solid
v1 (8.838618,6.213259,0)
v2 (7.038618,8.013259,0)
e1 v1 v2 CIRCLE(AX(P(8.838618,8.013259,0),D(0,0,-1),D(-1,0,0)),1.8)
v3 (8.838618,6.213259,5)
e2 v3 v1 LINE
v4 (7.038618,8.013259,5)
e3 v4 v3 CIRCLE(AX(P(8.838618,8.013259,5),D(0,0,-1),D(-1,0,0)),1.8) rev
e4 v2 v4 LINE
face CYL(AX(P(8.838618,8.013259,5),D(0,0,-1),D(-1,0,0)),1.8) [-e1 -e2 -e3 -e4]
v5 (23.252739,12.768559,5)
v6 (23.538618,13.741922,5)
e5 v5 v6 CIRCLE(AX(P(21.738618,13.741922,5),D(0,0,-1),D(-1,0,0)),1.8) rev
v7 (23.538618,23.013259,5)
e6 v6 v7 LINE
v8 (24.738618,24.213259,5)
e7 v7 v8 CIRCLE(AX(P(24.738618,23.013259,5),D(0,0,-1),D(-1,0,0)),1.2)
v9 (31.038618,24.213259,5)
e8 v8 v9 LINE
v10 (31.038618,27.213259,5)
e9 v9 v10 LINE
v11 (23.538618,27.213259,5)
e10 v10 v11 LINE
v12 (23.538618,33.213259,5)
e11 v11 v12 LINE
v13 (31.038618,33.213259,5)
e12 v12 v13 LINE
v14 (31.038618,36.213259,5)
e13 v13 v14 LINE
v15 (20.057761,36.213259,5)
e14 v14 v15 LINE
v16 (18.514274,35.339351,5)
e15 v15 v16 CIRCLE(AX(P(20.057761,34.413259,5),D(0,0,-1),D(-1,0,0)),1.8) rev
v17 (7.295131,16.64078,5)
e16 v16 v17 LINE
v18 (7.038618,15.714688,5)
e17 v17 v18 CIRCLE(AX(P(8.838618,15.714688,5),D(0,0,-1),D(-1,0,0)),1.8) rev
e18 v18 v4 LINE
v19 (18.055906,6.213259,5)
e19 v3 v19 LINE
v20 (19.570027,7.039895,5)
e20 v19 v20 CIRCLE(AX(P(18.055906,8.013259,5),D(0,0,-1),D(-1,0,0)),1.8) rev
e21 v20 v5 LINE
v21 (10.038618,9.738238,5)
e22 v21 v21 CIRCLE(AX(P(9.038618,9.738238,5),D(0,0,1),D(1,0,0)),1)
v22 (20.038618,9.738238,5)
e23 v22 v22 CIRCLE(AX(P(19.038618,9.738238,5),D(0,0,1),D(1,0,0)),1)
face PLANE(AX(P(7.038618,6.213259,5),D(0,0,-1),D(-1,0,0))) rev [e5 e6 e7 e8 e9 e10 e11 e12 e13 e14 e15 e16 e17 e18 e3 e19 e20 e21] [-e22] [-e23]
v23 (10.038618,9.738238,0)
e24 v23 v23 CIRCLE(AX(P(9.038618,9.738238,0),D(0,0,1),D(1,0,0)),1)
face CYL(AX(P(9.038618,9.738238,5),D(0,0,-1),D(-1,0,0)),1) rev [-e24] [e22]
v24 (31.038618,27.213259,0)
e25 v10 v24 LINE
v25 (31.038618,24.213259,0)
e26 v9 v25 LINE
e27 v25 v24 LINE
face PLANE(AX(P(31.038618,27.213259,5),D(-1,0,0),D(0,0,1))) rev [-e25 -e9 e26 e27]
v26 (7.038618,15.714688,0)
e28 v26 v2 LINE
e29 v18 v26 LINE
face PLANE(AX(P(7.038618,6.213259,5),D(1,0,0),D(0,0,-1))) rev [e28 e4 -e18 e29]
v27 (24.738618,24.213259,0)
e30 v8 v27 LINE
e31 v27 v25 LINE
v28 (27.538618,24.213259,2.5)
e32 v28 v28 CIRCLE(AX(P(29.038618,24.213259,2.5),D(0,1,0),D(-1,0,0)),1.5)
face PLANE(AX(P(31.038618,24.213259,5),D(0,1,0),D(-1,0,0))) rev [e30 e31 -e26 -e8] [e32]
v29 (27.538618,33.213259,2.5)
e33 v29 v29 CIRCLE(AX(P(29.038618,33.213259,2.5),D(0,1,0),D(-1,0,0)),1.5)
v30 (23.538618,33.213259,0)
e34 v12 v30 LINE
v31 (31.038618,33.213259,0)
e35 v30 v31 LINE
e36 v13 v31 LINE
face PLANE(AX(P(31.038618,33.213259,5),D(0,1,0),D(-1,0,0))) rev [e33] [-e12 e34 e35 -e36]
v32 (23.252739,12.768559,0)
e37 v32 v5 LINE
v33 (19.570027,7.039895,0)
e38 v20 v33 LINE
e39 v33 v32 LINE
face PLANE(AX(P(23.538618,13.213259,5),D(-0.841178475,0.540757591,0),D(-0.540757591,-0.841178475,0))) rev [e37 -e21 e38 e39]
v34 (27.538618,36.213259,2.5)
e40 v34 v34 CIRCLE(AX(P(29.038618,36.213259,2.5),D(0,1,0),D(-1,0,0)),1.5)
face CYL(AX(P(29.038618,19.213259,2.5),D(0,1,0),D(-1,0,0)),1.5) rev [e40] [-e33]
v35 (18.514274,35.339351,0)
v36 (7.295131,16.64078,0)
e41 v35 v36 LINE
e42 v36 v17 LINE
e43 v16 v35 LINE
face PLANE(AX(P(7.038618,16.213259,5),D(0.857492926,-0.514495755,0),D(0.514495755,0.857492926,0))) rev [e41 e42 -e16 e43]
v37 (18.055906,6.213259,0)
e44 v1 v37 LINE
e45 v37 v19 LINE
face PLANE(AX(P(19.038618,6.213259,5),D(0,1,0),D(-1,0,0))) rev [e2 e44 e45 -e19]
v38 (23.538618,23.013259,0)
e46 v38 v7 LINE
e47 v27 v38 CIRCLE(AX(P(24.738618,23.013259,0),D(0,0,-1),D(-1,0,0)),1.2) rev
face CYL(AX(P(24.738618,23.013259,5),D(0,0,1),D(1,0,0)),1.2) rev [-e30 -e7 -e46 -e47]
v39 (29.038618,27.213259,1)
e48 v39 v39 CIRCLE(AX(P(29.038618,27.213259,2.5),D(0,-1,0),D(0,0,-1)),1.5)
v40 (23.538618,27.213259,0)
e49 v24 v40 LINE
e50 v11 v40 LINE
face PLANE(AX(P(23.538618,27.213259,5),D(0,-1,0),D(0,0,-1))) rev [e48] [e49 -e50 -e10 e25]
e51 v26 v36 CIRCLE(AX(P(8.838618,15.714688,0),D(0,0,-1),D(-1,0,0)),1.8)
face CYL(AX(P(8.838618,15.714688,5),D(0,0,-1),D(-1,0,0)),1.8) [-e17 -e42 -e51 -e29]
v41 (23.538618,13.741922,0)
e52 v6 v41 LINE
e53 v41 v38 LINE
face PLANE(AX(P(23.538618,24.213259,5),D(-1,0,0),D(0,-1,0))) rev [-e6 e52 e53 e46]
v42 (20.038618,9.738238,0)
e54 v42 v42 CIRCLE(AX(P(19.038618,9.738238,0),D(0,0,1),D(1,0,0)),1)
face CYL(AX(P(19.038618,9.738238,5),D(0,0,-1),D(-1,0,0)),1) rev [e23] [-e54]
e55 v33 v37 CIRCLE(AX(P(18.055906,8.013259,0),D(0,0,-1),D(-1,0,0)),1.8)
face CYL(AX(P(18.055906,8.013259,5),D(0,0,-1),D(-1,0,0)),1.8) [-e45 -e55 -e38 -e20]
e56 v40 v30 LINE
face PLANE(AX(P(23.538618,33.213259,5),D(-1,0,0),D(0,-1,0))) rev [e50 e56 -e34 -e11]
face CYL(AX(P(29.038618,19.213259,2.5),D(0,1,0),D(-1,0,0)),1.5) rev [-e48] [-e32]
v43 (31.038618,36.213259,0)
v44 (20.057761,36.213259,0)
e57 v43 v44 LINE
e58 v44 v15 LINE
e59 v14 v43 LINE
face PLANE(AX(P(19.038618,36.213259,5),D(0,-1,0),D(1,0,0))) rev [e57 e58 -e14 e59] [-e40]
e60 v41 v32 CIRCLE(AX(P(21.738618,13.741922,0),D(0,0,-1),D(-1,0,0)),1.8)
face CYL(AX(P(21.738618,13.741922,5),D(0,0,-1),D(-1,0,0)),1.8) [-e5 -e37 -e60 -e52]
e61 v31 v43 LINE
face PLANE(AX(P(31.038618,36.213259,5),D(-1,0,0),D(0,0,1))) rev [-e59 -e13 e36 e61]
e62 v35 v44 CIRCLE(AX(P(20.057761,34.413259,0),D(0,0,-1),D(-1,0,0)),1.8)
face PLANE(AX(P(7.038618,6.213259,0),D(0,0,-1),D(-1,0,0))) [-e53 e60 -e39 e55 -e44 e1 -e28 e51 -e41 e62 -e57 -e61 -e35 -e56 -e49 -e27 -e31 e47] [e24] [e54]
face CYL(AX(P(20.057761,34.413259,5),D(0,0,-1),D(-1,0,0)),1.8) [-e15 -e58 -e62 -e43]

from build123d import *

# Parameters (mm, degrees)
SKETCH1_R      = 1
EXTRUDE1_DEPTH = 5
FILLET2_R      = 1.8
FILLET3_R      = 1.2
SKETCH3_R      = 1.5
EXTRUDE2_DEPTH = 17


with BuildPart() as part:
    # Sketch1 → Extrude1 (new body)
    with BuildSketch(Plane.XY):
        Polygon((7.038618211, 6.213258786), (7.038618211, 16.213258786), (19.038618211, 36.213258786), (31.038618211, 36.213258786), (31.038618211, 33.213258786), (23.538618211, 33.213258786), (23.538618211, 27.213258786), (31.038618211, 27.213258786), (31.038618211, 24.213258786), (23.538618211, 24.213258786), (23.538618211, 13.213258786), (19.038618211, 6.213258786), align=None)
        with Locations((9.038618211, 9.738237996)):
            Circle(SKETCH1_R, mode=Mode.SUBTRACT)
        with Locations((19.038618211, 9.738237996)):
            Circle(SKETCH1_R, mode=Mode.SUBTRACT)
    extrude(amount=EXTRUDE1_DEPTH)

    # Fillet2
    fillet2_edges = [part.edges().sort_by_distance(p)[0] for p in [
        (7.038618211, 6.213258786, 2.5),
        (7.038618211, 16.213258786, 2.5),
        (19.038618211, 36.213258786, 2.5),
        (23.538618211, 13.213258786, 2.5),
        (19.038618211, 6.213258786, 2.5),
    ]]
    fillet(fillet2_edges, radius=FILLET2_R)

    # Fillet3
    fillet3_edges = [part.edges().sort_by_distance(p)[0] for p in [
        (23.538618211, 24.213258786, 2.5),
    ]]
    fillet(fillet3_edges, radius=FILLET3_R)

    # Sketch3 → Extrude2 (cut)
    with BuildSketch(Plane(origin=(0, 36.213258786, 0), x_dir=(1, 0, 0), z_dir=(0, 1, 0))):
        with Locations((29.038618211, -2.5)):
            Circle(SKETCH3_R)
    extrude(amount=-EXTRUDE2_DEPTH, mode=Mode.SUBTRACT)


solid = part.part
